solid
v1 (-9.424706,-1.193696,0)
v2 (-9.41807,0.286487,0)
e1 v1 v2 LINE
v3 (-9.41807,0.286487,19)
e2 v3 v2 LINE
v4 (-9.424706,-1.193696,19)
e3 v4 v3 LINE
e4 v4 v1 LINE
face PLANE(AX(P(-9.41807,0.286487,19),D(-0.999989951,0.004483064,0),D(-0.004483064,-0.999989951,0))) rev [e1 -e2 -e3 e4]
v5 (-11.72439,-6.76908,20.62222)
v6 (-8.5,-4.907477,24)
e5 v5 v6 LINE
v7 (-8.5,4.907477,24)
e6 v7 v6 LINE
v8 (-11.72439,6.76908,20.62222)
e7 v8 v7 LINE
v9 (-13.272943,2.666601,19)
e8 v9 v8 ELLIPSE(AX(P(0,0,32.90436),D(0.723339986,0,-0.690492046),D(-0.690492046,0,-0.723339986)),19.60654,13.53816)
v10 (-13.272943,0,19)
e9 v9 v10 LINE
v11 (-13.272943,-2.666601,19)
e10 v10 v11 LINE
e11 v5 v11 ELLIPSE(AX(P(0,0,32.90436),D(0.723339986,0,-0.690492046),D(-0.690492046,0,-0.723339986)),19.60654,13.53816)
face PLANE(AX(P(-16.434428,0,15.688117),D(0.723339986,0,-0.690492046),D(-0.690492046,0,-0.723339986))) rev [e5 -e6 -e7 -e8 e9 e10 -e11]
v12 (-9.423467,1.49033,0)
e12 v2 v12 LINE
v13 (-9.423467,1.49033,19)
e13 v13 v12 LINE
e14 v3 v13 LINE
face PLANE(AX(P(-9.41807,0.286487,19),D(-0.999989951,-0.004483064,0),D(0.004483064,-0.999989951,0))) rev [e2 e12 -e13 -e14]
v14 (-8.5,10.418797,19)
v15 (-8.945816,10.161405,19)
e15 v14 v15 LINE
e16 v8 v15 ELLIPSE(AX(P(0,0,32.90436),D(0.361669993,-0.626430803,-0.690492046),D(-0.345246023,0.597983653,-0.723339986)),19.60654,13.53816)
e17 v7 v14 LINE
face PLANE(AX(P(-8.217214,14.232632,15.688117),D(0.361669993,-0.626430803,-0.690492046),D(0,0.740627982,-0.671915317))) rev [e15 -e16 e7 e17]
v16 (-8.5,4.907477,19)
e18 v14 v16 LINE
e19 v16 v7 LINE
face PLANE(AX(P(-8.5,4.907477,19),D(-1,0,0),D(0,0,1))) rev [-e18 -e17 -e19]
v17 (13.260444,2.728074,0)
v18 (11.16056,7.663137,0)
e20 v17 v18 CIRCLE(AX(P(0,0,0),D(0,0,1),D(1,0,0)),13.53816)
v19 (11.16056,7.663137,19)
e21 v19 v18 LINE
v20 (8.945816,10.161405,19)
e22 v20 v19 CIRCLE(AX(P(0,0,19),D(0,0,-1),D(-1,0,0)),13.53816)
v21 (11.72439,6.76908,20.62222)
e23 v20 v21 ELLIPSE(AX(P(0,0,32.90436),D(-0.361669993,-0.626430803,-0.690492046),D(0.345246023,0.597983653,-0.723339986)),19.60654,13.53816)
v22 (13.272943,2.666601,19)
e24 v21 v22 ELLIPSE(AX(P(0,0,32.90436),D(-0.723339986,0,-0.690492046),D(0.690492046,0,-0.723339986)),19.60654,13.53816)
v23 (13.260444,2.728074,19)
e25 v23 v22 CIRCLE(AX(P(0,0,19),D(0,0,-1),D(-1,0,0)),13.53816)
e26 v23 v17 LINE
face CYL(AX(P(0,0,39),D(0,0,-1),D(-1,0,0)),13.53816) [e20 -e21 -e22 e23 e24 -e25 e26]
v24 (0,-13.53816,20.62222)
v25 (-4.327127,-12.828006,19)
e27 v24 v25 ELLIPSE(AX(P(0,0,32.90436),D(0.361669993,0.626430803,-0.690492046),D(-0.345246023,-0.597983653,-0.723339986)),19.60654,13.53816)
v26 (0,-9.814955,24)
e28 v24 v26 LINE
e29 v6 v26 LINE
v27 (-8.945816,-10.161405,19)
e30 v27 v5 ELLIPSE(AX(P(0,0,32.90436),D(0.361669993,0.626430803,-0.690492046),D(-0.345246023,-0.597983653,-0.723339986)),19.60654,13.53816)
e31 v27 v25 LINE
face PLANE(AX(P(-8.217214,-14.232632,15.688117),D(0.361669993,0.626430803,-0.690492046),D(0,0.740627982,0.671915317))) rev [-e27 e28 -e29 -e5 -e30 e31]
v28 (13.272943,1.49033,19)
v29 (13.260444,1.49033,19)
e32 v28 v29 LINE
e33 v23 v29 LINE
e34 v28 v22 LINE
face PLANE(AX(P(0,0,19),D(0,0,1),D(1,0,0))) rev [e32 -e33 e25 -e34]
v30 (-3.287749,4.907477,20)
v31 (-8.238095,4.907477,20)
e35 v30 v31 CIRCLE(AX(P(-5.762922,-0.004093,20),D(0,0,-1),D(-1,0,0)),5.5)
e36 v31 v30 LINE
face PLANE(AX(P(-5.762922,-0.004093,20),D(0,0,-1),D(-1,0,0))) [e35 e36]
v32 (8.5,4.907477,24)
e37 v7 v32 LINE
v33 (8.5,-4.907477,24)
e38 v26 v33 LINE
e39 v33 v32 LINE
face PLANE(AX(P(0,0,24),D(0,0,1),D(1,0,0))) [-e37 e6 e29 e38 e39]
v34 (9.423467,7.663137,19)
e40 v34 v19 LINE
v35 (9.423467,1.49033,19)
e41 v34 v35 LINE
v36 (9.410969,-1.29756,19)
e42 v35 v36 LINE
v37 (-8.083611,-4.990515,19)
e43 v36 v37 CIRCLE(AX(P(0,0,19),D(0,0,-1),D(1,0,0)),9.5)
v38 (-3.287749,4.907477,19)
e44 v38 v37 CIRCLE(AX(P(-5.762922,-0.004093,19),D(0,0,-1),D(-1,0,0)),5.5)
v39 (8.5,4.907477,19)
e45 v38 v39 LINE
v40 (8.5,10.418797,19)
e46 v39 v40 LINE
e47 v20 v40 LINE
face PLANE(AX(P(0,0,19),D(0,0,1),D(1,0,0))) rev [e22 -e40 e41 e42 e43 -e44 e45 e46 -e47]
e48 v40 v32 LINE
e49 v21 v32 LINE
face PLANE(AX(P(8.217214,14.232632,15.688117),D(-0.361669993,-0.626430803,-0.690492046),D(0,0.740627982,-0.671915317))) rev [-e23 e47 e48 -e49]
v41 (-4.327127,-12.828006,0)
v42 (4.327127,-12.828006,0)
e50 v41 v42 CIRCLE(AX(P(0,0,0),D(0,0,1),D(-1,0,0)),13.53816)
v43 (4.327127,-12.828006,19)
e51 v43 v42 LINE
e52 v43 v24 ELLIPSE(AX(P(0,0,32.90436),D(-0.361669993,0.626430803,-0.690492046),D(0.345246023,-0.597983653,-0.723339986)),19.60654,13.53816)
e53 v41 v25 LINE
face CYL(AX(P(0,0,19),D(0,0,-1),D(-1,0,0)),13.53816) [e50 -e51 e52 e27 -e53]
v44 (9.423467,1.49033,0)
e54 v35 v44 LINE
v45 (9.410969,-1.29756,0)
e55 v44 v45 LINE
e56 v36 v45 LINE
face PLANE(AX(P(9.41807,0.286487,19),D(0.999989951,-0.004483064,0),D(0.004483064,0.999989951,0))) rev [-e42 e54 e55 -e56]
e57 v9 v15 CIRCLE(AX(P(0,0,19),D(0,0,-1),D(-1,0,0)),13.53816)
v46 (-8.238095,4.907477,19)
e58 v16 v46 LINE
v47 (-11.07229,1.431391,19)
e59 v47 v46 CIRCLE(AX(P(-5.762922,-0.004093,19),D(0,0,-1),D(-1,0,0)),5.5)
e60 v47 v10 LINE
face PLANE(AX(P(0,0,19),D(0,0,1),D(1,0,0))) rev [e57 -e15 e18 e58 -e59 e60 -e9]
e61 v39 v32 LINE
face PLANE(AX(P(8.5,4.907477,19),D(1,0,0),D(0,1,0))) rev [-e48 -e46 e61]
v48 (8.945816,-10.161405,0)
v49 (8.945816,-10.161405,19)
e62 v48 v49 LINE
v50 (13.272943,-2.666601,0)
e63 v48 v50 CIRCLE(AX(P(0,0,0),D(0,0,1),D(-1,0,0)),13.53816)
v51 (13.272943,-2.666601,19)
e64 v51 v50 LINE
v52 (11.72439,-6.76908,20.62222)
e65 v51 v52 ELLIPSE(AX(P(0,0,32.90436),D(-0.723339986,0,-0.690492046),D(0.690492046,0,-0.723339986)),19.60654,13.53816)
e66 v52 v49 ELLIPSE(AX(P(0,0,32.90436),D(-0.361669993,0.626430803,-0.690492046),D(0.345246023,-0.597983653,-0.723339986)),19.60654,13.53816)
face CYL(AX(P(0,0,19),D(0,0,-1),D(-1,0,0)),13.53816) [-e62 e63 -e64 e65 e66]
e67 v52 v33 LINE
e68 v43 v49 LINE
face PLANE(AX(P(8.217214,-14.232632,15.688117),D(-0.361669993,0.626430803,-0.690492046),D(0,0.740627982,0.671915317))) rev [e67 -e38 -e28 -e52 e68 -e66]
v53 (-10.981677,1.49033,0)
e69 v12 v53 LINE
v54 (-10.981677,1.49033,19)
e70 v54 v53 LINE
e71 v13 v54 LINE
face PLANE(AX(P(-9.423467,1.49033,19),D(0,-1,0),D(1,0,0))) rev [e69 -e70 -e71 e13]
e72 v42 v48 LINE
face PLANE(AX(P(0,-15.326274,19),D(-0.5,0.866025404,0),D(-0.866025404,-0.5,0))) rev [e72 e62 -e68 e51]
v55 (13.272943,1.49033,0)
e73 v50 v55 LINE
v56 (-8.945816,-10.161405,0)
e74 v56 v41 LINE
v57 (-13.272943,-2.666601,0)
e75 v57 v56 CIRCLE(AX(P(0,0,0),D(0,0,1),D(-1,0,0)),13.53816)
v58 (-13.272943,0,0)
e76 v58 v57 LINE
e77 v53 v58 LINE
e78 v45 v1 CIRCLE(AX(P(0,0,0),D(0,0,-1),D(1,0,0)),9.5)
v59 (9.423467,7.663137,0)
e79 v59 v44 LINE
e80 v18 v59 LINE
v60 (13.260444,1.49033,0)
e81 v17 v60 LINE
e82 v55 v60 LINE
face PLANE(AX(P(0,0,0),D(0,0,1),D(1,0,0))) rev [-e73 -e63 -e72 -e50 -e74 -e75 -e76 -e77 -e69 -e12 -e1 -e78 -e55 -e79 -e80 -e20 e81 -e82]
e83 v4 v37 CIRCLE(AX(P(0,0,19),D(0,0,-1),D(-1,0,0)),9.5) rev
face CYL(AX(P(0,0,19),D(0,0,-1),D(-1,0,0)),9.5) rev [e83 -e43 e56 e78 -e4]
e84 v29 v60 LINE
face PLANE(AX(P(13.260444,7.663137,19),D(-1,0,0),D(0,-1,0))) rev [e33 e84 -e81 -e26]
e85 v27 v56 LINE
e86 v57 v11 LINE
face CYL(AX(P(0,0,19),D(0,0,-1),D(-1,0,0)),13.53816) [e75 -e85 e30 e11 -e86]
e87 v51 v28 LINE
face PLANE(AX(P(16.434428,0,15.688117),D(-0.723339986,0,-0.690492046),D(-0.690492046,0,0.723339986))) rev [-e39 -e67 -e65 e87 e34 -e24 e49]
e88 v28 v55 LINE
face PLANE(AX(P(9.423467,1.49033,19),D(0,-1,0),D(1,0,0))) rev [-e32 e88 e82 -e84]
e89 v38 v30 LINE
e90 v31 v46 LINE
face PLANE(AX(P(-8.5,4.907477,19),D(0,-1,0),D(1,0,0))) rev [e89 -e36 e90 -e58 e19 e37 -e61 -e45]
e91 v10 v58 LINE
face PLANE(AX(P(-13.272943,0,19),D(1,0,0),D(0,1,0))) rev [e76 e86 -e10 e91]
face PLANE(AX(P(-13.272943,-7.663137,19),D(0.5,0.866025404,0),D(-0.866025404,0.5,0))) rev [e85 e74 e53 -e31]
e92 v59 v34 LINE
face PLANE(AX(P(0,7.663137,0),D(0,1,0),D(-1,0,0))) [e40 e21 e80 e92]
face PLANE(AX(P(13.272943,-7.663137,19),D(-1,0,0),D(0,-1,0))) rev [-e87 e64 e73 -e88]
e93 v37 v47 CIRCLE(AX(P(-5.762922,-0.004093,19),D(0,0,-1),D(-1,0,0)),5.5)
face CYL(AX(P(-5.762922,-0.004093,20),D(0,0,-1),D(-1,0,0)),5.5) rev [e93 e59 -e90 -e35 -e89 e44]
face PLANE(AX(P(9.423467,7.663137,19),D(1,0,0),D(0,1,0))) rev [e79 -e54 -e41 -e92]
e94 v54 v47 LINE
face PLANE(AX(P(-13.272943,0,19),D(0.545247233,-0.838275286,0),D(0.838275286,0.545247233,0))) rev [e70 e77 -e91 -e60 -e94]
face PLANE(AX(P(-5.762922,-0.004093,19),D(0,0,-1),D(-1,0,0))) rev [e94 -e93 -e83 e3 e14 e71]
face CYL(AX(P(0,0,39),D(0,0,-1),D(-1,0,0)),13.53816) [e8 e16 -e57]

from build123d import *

# Parameters (mm, degrees)
BOSS_EXTRUDE1_DEPTH = 19
CUT_EXTRUDE1_DEPTH  = 5
SKETCH5_R           = 5.5
CUT_EXTRUDE2_DEPTH  = 1
SKETCH6_W           = 3.836976741
SKETCH6_H           = 19
BOSS_EXTRUDE2_DEPTH = 6.17281
CUT_EXTRUDE3_DEPTH  = 19
SKETCH8_R           = 15.326273961
SKETCH8_R_2         = 13.53815969
CUT_EXTRUDE4_DEPTH  = 20
CUT_EXTRUDE5_START  = -20
SKETCH9_R           = 15.315451293
SKETCH9_R_2         = 13.53815969
CUT_EXTRUDE5_DEPTH  = 20


with BuildPart() as part:
    # Sketch1 → Boss-Extrude1 (new body)
    with BuildSketch(Plane.XY):
        with BuildLine():
            Line((9.418070486, 0.286487124), (9.423467442, 1.490329505))
            Line((9.423467442, 1.490329505), (13.272942596, 1.490329505))
            Line((13.272942596, 1.490329505), (13.272942596, -7.663136981))
            Line((13.272942596, -7.663136981), (0, -15.326273961))
            Line((0, -15.326273961), (-13.272942596, -7.663136981))
            Line((-13.272942596, -7.663136981), (-13.272942596, 0))
            Line((-13.272942596, 0), (-10.981676699, 1.490329505))
            Line((-10.981676699, 1.490329505), (-9.423467442, 1.490329505))
            Line((-9.423467442, 1.490329505), (-9.418070486, 0.286487124))
            Line((-9.418070486, 0.286487124), (-9.42470631, -1.19369635))
            ThreePointArc((-9.42470631, -1.19369635), (-0.052384082, -9.499855573), (9.41096903, -1.297559989))
            Line((9.41096903, -1.297559989), (9.418070486, 0.286487124))
        make_face()
    extrude(amount=BOSS_EXTRUDE1_DEPTH)

    # Sketch2 → Loft1 section 0
    with BuildSketch(Plane.XY.offset(19)):
        with BuildLine():
            Line((0, -15.326273961), (13.272942596, -7.663136981))
            Line((13.272942596, -7.663136981), (13.272942596, 7.663136981))
            Line((13.272942596, 7.663136981), (0, 15.326273961))
            Line((0, 15.326273961), (-13.272942596, 7.663136981))
            Line((-13.272942596, 7.663136981), (-13.272942596, -7.663136981))
            Line((-13.272942596, -7.663136981), (0, -15.326273961))
        make_face()
    # Sketch3 → Loft1 section 1
    with BuildSketch(Plane.XY.offset(24)):
        with BuildLine():
            Line((0, -9.814954576), (8.5, -4.907477288))
            Line((8.5, -4.907477288), (8.5, 4.907477288))
            Line((8.5, 4.907477288), (0, 9.814954576))
            Line((0, 9.814954576), (-8.5, 4.907477288))
            Line((-8.5, 4.907477288), (-8.5, -4.907477288))
            Line((-8.5, -4.907477288), (0, -9.814954576))
        make_face()
    loft()

    # Sketch4 → Cut-Extrude1 (cut)
    with BuildSketch(Plane.XY.offset(24)):
        Polygon((-8.5, 4.907477288), (-8.5, 10.418796673), (0, 15.326273961), (8.5, 10.418796673), (8.5, 4.907477288), align=None)
    extrude(amount=-CUT_EXTRUDE1_DEPTH, mode=Mode.SUBTRACT)

    # Sketch5 → Cut-Extrude2 (cut)
    with BuildSketch(Plane(origin=(0, 0, 19), x_dir=(-1, 0, 0), z_dir=(0, 0, -1))):
        with Locations((5.762922136, -0.004092629)):
            Circle(SKETCH5_R)
    extrude(amount=-CUT_EXTRUDE2_DEPTH, mode=Mode.SUBTRACT)

    # Sketch6 → Boss-Extrude2 (add)
    with BuildSketch(Plane(origin=(0, 1.490329505, 0), x_dir=(1, 0, 0), z_dir=(0, 1, 0))):
        with Locations((11.341955813, -9.5)):
            Rectangle(SKETCH6_W, SKETCH6_H)
    extrude(amount=BOSS_EXTRUDE2_DEPTH)

    # Sketch7 → Cut-Extrude3 (cut)
    with BuildSketch(Plane(origin=(0, 0, 0), x_dir=(-1, 0, 0), z_dir=(0, 0, -1))):
        with BuildLine():
            Line((13.53815969, 0), (15.326273961, 0))
            ThreePointArc((15.326273961, 0), (0, -15.326273961), (-15.326273961, 0))
            Line((-15.326273961, 0), (-13.53815969, 0))
            ThreePointArc((-13.53815969, 0), (0, -13.53815969), (13.53815969, 0))
        make_face()
    extrude(amount=-CUT_EXTRUDE3_DEPTH, mode=Mode.SUBTRACT)

    # Sketch8 → Cut-Extrude4 (cut)
    with BuildSketch(Plane(origin=(0, 0, 19), x_dir=(-1, 0, 0), z_dir=(0, 0, -1))):
        Circle(SKETCH8_R)
        Circle(SKETCH8_R_2, mode=Mode.SUBTRACT)
    extrude(amount=-CUT_EXTRUDE4_DEPTH, mode=Mode.SUBTRACT)

    # Sketch9 → Cut-Extrude5 (cut)
    with BuildSketch(Plane.XY.offset(19).offset(CUT_EXTRUDE5_START)):
        Circle(SKETCH9_R)
        Circle(SKETCH9_R_2, mode=Mode.SUBTRACT)
    extrude(amount=CUT_EXTRUDE5_DEPTH, mode=Mode.SUBTRACT)


with BuildPart() as cut_extrude5_kept_piece:
    # of the separate pieces the step leaves, the one the design keeps (cut_extrude5_pieces_kept)
    add(part.part.solids().sort_by_distance((9.41096903, -1.297559989, 0))[0])


solid = cut_extrude5_kept_piece.part
